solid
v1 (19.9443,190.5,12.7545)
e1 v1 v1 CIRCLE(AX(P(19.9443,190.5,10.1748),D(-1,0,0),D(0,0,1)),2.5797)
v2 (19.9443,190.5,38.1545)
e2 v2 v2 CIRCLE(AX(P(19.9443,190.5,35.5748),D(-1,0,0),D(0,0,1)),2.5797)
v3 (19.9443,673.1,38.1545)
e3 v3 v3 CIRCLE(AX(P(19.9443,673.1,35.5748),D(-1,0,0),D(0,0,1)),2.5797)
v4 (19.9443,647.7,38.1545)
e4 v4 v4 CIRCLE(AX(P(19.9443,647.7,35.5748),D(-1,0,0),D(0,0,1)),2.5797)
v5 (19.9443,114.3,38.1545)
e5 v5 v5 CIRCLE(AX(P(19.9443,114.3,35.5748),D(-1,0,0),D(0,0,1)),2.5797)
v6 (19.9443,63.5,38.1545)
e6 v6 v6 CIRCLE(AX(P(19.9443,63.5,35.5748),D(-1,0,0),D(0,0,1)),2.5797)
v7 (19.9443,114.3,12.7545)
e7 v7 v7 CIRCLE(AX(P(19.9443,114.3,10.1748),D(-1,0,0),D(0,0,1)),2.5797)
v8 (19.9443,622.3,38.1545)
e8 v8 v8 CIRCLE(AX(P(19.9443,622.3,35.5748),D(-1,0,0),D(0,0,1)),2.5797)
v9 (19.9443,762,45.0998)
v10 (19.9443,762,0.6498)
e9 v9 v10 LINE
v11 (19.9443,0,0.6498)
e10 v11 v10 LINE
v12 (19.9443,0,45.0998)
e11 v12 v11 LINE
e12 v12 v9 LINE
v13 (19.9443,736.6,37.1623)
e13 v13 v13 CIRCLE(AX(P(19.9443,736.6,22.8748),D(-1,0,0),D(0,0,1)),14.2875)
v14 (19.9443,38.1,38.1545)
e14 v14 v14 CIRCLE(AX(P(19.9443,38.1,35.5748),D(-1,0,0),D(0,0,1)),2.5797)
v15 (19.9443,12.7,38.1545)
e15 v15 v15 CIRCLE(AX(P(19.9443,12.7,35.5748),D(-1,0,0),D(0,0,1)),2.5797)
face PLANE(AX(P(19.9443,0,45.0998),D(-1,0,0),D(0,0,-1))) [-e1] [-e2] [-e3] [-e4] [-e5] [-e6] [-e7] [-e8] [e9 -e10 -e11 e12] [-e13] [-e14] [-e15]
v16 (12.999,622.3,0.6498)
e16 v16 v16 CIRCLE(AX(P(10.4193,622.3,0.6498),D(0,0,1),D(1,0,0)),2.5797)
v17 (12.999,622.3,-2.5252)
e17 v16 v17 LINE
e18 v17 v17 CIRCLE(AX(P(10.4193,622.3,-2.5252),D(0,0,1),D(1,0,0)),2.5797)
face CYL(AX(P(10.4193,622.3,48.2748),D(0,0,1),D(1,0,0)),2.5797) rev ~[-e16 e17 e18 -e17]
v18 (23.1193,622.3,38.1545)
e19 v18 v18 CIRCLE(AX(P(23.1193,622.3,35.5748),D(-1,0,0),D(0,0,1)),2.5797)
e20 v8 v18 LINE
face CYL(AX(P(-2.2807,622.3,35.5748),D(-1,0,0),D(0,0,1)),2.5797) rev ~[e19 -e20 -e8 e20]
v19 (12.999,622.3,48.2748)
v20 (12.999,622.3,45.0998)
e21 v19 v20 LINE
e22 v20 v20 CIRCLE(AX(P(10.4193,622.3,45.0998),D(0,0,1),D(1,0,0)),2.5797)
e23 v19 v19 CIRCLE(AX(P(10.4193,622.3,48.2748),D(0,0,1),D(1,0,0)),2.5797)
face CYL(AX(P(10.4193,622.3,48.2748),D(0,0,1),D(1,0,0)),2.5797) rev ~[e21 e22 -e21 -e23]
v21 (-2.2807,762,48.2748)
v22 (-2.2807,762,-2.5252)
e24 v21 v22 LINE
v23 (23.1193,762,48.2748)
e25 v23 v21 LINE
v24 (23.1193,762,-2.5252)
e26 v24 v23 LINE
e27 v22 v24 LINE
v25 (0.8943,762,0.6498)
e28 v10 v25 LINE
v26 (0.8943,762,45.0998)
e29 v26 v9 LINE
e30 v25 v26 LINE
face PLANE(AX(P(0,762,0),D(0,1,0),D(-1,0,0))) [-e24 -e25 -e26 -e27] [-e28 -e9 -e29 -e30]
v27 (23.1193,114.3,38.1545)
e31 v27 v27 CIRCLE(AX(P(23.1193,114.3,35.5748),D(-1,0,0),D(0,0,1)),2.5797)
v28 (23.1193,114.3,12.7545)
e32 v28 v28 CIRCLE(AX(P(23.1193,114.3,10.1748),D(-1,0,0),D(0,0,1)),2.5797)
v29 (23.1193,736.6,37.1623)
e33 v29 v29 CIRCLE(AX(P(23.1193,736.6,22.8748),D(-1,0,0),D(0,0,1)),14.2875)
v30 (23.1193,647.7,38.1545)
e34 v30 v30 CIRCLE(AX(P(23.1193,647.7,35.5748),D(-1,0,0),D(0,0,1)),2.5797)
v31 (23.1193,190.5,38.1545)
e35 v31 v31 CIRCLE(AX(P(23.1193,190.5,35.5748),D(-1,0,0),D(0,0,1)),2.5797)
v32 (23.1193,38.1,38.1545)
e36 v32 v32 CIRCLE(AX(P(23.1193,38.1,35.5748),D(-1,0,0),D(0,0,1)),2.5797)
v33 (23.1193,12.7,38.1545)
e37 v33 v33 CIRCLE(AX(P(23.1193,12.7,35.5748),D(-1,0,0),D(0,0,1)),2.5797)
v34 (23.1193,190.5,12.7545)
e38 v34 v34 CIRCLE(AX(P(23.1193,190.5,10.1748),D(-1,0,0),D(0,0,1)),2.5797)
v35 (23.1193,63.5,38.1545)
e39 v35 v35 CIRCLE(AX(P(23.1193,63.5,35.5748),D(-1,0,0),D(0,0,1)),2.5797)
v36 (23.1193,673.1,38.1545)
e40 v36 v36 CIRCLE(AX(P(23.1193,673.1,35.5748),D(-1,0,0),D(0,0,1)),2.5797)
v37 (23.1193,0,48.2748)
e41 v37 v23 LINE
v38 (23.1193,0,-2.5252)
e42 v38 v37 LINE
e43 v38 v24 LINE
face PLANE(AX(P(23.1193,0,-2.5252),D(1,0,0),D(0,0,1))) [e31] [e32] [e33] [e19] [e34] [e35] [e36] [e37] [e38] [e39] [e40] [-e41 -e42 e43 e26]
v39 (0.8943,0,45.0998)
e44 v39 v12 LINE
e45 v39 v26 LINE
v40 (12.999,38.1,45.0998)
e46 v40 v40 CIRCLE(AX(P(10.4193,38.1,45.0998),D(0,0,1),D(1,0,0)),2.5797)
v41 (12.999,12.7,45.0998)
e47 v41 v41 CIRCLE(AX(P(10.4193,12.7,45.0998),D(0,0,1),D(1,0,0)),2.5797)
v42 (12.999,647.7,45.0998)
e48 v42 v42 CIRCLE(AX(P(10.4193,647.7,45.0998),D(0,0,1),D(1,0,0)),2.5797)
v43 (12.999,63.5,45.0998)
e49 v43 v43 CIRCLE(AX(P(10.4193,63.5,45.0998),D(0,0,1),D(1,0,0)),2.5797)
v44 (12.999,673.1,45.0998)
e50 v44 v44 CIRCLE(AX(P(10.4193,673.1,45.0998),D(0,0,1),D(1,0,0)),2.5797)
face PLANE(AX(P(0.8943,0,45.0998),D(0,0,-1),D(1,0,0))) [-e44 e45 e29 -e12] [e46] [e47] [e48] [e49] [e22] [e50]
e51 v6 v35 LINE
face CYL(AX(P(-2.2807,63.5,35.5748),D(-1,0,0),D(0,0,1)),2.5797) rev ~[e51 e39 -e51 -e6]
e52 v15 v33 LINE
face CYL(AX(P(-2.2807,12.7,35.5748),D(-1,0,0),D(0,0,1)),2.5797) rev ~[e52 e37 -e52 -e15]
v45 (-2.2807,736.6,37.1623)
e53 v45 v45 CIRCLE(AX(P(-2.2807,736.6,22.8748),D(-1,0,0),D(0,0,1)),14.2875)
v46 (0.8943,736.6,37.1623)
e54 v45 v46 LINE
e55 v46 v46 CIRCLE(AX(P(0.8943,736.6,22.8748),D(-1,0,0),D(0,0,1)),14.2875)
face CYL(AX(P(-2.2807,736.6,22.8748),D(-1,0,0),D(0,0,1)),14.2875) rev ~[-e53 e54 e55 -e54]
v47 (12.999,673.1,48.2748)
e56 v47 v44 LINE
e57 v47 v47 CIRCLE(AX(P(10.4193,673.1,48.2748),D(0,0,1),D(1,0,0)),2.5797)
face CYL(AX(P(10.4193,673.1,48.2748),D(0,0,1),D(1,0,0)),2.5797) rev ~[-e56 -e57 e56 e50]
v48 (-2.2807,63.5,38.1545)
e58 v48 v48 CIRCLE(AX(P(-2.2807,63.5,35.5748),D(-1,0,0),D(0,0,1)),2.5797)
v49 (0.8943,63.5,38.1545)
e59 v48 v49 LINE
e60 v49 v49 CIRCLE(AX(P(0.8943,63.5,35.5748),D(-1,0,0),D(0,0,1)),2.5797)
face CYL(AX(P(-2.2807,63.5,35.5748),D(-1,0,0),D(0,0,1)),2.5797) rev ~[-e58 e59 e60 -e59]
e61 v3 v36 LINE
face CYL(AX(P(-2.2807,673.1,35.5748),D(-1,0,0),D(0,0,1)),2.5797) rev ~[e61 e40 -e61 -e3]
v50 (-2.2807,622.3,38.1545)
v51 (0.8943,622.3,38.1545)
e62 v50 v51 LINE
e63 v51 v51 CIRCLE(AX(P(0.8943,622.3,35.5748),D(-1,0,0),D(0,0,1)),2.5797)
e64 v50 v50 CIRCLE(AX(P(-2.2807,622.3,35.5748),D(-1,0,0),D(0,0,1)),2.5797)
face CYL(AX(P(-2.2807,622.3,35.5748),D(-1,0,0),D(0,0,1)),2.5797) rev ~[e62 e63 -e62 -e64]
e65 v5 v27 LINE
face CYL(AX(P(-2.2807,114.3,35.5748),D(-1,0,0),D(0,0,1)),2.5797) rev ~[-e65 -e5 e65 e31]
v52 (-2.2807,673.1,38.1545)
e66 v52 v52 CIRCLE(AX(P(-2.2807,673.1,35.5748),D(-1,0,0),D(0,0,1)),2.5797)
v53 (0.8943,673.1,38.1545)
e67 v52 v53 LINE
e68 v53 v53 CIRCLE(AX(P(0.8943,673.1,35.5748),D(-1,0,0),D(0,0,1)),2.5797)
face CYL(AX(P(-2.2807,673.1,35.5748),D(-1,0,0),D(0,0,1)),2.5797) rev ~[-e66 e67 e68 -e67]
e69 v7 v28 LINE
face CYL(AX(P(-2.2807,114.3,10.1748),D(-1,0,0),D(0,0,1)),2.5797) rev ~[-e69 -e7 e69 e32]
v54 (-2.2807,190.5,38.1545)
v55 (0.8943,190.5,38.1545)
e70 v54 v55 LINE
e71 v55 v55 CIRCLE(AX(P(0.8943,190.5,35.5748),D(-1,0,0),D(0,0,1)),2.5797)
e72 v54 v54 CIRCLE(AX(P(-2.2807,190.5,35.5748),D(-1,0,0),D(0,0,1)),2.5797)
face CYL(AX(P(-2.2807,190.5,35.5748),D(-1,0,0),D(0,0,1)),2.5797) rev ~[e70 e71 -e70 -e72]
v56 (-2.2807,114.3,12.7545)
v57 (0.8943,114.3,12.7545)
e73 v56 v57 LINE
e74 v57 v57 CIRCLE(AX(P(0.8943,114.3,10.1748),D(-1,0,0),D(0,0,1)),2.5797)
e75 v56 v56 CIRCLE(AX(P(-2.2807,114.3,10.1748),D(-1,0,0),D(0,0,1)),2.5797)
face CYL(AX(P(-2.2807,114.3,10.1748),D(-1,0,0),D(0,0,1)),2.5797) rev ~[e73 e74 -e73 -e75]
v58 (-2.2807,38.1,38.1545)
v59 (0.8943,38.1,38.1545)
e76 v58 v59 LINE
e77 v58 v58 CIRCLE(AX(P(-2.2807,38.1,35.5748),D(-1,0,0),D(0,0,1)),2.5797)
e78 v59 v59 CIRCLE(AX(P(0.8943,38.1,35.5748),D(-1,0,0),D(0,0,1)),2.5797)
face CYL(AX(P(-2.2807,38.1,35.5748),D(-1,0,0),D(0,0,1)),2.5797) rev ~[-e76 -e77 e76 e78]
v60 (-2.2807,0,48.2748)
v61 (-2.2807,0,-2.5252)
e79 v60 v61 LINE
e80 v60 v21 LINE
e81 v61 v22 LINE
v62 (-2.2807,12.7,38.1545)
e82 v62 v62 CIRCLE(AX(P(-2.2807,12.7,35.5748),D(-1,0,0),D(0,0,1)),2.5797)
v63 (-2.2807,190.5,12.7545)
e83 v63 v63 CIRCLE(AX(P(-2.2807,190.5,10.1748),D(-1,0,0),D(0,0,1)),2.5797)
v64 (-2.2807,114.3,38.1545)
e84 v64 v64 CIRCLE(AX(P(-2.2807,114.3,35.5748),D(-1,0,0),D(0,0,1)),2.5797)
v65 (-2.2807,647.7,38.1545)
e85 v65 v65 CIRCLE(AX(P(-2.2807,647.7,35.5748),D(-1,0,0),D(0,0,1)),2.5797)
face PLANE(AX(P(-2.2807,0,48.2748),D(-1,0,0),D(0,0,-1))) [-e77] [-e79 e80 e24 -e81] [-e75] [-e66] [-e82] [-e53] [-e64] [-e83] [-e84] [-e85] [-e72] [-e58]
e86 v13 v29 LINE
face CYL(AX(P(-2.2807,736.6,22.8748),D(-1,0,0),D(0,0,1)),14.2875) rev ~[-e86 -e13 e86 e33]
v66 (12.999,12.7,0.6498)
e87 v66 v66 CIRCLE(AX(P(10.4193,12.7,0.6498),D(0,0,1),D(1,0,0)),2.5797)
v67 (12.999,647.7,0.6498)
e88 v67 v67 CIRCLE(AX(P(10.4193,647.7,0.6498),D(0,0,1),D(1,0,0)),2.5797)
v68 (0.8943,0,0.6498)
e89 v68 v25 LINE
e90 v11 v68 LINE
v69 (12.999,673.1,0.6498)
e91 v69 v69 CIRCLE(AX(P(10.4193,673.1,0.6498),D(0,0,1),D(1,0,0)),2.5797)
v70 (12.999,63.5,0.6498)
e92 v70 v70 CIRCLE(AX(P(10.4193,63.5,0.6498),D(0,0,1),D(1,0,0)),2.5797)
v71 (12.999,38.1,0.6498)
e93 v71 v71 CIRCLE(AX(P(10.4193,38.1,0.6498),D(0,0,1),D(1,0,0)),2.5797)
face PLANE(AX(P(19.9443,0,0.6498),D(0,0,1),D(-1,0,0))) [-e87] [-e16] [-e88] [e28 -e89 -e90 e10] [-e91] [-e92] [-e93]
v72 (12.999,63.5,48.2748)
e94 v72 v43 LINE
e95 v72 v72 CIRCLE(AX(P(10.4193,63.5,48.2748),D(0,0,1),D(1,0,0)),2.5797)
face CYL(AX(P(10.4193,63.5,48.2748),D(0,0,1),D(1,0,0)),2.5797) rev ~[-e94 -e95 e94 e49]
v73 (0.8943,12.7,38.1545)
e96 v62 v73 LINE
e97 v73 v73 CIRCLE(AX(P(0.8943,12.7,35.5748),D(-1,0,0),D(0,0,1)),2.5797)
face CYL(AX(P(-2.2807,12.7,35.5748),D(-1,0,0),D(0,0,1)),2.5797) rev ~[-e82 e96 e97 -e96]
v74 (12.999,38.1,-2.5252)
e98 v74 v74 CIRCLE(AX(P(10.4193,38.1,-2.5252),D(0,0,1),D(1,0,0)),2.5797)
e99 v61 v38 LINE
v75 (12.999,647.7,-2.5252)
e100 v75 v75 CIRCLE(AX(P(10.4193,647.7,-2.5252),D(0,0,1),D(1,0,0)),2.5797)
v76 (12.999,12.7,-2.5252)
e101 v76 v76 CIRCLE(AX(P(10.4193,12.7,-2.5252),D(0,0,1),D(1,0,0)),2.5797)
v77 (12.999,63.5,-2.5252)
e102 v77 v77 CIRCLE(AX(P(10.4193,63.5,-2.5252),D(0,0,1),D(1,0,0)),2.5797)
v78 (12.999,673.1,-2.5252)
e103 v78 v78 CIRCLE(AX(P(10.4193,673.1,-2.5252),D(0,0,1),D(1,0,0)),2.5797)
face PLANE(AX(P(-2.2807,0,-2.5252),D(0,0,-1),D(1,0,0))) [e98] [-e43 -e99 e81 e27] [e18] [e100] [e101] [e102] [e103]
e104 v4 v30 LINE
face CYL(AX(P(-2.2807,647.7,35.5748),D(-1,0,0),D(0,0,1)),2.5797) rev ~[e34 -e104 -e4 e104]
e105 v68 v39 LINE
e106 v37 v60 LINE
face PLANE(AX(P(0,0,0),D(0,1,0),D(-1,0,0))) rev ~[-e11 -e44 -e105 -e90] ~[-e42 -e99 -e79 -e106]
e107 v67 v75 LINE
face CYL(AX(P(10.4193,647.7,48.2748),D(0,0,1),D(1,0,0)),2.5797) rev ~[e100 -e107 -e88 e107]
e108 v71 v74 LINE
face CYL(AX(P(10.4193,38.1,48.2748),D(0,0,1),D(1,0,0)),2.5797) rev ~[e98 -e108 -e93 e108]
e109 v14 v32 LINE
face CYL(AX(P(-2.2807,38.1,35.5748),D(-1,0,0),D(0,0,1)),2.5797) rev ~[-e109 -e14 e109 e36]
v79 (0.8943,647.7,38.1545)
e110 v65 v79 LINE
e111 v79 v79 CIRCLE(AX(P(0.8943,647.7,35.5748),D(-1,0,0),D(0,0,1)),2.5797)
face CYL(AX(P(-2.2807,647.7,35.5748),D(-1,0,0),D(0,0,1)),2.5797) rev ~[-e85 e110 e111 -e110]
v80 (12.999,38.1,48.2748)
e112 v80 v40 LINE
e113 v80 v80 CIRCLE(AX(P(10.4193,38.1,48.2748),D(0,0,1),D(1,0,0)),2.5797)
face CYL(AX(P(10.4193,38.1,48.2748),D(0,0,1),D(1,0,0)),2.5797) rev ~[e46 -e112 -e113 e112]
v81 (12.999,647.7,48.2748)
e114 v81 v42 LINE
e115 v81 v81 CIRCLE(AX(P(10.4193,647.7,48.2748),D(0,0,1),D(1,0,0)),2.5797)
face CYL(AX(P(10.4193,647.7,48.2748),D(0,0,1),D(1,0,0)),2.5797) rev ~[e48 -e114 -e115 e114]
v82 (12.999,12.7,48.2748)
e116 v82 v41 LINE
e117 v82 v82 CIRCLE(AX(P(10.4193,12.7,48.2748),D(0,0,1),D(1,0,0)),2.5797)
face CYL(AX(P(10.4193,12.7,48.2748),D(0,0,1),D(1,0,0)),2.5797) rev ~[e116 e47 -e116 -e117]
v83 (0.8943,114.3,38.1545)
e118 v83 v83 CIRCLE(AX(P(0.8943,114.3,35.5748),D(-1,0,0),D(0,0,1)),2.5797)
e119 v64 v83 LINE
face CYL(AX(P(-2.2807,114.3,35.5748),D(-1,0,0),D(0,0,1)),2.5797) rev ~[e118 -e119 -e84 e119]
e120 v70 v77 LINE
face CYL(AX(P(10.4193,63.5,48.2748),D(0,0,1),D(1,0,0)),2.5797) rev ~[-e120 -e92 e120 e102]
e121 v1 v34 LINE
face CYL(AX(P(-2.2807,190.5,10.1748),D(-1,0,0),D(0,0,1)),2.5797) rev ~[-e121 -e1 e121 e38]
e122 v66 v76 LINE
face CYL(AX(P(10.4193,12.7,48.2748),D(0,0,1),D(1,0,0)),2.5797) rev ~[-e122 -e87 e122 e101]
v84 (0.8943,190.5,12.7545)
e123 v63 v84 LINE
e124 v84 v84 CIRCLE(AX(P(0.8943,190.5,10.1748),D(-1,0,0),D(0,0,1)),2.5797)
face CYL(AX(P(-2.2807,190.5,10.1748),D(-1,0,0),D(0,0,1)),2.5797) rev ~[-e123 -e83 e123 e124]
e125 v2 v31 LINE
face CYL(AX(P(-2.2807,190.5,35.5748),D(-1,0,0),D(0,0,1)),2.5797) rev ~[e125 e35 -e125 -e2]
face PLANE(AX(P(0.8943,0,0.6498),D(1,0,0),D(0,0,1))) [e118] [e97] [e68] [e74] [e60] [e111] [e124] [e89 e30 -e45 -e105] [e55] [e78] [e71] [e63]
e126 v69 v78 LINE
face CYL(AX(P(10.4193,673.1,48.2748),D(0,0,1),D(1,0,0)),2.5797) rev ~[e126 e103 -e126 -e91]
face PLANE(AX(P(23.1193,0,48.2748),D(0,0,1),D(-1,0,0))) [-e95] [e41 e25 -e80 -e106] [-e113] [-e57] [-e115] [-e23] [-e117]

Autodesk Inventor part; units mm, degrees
ref_plane "YZ Plane" through (0, 0, 0) normal (1, 0, 0) x (0, 1, 0)
ref_plane "XZ Plane" through (0, 0, 0) normal (0, 1, 0) x (-1, 0, 0)
ref_plane "XY Plane" through (0, 0, 0) normal (0, 0, 1) x (1, 0, 0)
sketch "Sketch1" plane through (0, 0, 0) normal (0, 1, 0) x (-1, 0, 0)
  line L0 (2.2807, -2.5252) -> (-23.1193, -2.5252)
  line L1 (-23.1193, -2.5252) -> (-23.1193, 48.2748)
  line L2 (-23.1193, 48.2748) -> (2.2807, 48.2748)
  line L3 (2.2807, 48.2748) -> (2.2807, -2.5252)
  line L4 (-19.9443, 0.6498) -> (-0.8943, 0.6498)
  line L5 (-0.8943, 0.6498) -> (-0.8943, 45.0998)
  line L6 (-0.8943, 45.0998) -> (-19.9443, 45.0998)
  line L7 (-19.9443, 45.0998) -> (-19.9443, 0.6498)
  point P0 (0, 0)
  dimension "d0" = 25.4
  dimension "d1" = 50.8
  dimension "d2" = 3.175
extrude "Extrusion1" add sketch "Sketch1" along normal blind 762
sketch "Sketch3" plane through (-2.2807, 0, 48.2748) normal (0, 0, 1) x (1, 0, 0)
  line L0 (22.225, 0) -> (3.175, 0) construction
  line L1 (12.7, 0) -> (12.7, 12.7) construction
  line L2 (12.7, 12.7) -> (12.7, 38.1) construction
  line L3 (12.7, 38.1) -> (12.7, 63.5) construction
  circle A0 centre (12.7, 63.5) radius 2.5797
  circle A1 centre (12.7, 38.1) radius 2.5797
  circle A2 centre (12.7, 12.7) radius 2.5797
  line L4 (12.7, 685.8) -> (12.7, 673.1) construction
  circle A3 centre (12.7, 673.1) radius 2.5797
  line L5 (12.7, 673.1) -> (12.7, 647.7) construction
  line L6 (12.7, 647.7) -> (12.7, 622.3) construction
  circle A4 centre (12.7, 647.7) radius 2.5797
  circle A5 centre (12.7, 622.3) radius 2.5797
  point P0 (2.2807, 0)
  dimension "d19" = 12.7
  dimension "d20" = 25.4
  dimension "d21" = 25.4
  dimension "d22" = 5.1594
  dimension "d23" = 5.1594
  dimension "d24" = 5.1594
  dimension "d38" = 12.7
  dimension "d39" = 5.1594
  dimension "d40" = 25.4
  dimension "d41" = 25.4
  dimension "d42" = 5.1594
  dimension "d43" = 5.1594
extrude "Extrusion3" cut sketch "Sketch3" against normal blind 762
sketch "Sketch4" plane through (23.1193, 0, 48.2748) normal (1, 0, 0) x (0, 0, -1)
  line L0 (3.175, 762) -> (47.625, 762) construction
  line L1 (25.4, 762) -> (25.4, 736.6) construction
  point P0 (48.2748, 0)
  dimension "d44" = 25.4
sketch "Sketch5" plane through (-2.2807, 0, -2.5252) normal (-1, 0, 0) x (0, 0, 1)
  circle A0 centre (25.4, 12.7) radius 2.5797 projected
  line L0 (50.8, 0) -> (50.8, 762) projected
  circle A1 centre (25.4, 38.1) radius 2.5797 construction
  line L1 (50.8, 38.1) -> (38.1, 38.1) construction
  circle A2 centre (25.4, 63.5) radius 2.5797 construction
  line L2 (50.8, 63.5) -> (38.1, 63.5) construction
  circle A3 centre (38.1, 63.5) radius 2.5797
  circle A4 centre (38.1, 38.1) radius 2.5797
  circle A5 centre (38.1, 12.7) radius 2.5797
  line L3 (38.1, 12.7) -> (50.8, 12.7) construction
  circle A6 centre (25.4, 622.3) radius 2.5797 construction
  line L4 (50.8, 622.3) -> (38.1, 622.3) construction
  circle A7 centre (25.4, 647.7) radius 2.5797 construction
  line L5 (50.8, 647.7) -> (38.1, 647.7) construction
  circle A8 centre (25.4, 673.1) radius 2.5797 construction
  line L6 (50.8, 673.1) -> (38.1, 673.1) construction
  circle A9 centre (38.1, 647.7) radius 2.5797
  circle A10 centre (38.1, 622.3) radius 2.5797
  circle A11 centre (38.1, 673.1) radius 2.5797
  point P0 (2.5252, 0)
  dimension "d46" = 12.7
  dimension "d47" = 12.7
  dimension "d48" = 5.1594
  dimension "d49" = 5.1594
  dimension "d50" = 5.1594
  dimension "d51" = 12.7
  dimension "d52" = 12.7
  dimension "d53" = 12.7
  dimension "d54" = 5.1594
  dimension "d55" = 5.1594
  dimension "d56" = 5.1594
extrude "Extrusion4" cut sketch "Sketch5" against normal blind 762 contours A3 | A4 | A5 | A9 | A10 | A11
sketch "Sketch6" plane through (-2.2807, 0, -2.5252) normal (-1, 0, 0) x (0, 0, 1)
  line L0 (47.625, 762) -> (3.175, 762) construction
  line L1 (25.4, 762) -> (25.4, 736.6) construction
  circle A0 centre (25.4, 736.6) radius 14.2875
  point P0 (2.5252, 0)
  dimension "d59" = 25.4
  dimension "d60" = 28.575
extrude "Extrusion5" cut sketch "Sketch6" against normal blind 304.8
sketch "Sketch7" plane through (-2.2807, 0, -2.5252) normal (-1, 0, 0) x (0, 0, 1)
  circle A0 centre (38.1, 12.7) radius 2.5797 construction
  line L0 (38.1, 12.7) -> (38.1, 114.3) construction
  line L1 (38.1, 12.7) -> (38.1, 190.5) construction
  line L2 (38.1, 190.5) -> (12.7, 190.5) construction
  line L3 (38.1, 114.3) -> (12.7, 114.3) construction
  circle A1 centre (38.1, 190.5) radius 2.5797
  circle A2 centre (12.7, 190.5) radius 2.5797
  circle A3 centre (38.1, 114.3) radius 2.5797
  circle A4 centre (12.7, 114.3) radius 2.5797
  point P0 (2.5252, 0)
  dimension "d63" = 101.6
  dimension "d64" = 177.8
  dimension "d65" = 25.4
  dimension "d66" = 25.4
  dimension "d67" = 5.1594
  dimension "d68" = 5.1594
  dimension "d69" = 5.1594
  dimension "d70" = 5.1594
extrude "Extrusion6" cut sketch "Sketch7" against normal blind 50.8
properties part number "30in 1x1 Beam"
